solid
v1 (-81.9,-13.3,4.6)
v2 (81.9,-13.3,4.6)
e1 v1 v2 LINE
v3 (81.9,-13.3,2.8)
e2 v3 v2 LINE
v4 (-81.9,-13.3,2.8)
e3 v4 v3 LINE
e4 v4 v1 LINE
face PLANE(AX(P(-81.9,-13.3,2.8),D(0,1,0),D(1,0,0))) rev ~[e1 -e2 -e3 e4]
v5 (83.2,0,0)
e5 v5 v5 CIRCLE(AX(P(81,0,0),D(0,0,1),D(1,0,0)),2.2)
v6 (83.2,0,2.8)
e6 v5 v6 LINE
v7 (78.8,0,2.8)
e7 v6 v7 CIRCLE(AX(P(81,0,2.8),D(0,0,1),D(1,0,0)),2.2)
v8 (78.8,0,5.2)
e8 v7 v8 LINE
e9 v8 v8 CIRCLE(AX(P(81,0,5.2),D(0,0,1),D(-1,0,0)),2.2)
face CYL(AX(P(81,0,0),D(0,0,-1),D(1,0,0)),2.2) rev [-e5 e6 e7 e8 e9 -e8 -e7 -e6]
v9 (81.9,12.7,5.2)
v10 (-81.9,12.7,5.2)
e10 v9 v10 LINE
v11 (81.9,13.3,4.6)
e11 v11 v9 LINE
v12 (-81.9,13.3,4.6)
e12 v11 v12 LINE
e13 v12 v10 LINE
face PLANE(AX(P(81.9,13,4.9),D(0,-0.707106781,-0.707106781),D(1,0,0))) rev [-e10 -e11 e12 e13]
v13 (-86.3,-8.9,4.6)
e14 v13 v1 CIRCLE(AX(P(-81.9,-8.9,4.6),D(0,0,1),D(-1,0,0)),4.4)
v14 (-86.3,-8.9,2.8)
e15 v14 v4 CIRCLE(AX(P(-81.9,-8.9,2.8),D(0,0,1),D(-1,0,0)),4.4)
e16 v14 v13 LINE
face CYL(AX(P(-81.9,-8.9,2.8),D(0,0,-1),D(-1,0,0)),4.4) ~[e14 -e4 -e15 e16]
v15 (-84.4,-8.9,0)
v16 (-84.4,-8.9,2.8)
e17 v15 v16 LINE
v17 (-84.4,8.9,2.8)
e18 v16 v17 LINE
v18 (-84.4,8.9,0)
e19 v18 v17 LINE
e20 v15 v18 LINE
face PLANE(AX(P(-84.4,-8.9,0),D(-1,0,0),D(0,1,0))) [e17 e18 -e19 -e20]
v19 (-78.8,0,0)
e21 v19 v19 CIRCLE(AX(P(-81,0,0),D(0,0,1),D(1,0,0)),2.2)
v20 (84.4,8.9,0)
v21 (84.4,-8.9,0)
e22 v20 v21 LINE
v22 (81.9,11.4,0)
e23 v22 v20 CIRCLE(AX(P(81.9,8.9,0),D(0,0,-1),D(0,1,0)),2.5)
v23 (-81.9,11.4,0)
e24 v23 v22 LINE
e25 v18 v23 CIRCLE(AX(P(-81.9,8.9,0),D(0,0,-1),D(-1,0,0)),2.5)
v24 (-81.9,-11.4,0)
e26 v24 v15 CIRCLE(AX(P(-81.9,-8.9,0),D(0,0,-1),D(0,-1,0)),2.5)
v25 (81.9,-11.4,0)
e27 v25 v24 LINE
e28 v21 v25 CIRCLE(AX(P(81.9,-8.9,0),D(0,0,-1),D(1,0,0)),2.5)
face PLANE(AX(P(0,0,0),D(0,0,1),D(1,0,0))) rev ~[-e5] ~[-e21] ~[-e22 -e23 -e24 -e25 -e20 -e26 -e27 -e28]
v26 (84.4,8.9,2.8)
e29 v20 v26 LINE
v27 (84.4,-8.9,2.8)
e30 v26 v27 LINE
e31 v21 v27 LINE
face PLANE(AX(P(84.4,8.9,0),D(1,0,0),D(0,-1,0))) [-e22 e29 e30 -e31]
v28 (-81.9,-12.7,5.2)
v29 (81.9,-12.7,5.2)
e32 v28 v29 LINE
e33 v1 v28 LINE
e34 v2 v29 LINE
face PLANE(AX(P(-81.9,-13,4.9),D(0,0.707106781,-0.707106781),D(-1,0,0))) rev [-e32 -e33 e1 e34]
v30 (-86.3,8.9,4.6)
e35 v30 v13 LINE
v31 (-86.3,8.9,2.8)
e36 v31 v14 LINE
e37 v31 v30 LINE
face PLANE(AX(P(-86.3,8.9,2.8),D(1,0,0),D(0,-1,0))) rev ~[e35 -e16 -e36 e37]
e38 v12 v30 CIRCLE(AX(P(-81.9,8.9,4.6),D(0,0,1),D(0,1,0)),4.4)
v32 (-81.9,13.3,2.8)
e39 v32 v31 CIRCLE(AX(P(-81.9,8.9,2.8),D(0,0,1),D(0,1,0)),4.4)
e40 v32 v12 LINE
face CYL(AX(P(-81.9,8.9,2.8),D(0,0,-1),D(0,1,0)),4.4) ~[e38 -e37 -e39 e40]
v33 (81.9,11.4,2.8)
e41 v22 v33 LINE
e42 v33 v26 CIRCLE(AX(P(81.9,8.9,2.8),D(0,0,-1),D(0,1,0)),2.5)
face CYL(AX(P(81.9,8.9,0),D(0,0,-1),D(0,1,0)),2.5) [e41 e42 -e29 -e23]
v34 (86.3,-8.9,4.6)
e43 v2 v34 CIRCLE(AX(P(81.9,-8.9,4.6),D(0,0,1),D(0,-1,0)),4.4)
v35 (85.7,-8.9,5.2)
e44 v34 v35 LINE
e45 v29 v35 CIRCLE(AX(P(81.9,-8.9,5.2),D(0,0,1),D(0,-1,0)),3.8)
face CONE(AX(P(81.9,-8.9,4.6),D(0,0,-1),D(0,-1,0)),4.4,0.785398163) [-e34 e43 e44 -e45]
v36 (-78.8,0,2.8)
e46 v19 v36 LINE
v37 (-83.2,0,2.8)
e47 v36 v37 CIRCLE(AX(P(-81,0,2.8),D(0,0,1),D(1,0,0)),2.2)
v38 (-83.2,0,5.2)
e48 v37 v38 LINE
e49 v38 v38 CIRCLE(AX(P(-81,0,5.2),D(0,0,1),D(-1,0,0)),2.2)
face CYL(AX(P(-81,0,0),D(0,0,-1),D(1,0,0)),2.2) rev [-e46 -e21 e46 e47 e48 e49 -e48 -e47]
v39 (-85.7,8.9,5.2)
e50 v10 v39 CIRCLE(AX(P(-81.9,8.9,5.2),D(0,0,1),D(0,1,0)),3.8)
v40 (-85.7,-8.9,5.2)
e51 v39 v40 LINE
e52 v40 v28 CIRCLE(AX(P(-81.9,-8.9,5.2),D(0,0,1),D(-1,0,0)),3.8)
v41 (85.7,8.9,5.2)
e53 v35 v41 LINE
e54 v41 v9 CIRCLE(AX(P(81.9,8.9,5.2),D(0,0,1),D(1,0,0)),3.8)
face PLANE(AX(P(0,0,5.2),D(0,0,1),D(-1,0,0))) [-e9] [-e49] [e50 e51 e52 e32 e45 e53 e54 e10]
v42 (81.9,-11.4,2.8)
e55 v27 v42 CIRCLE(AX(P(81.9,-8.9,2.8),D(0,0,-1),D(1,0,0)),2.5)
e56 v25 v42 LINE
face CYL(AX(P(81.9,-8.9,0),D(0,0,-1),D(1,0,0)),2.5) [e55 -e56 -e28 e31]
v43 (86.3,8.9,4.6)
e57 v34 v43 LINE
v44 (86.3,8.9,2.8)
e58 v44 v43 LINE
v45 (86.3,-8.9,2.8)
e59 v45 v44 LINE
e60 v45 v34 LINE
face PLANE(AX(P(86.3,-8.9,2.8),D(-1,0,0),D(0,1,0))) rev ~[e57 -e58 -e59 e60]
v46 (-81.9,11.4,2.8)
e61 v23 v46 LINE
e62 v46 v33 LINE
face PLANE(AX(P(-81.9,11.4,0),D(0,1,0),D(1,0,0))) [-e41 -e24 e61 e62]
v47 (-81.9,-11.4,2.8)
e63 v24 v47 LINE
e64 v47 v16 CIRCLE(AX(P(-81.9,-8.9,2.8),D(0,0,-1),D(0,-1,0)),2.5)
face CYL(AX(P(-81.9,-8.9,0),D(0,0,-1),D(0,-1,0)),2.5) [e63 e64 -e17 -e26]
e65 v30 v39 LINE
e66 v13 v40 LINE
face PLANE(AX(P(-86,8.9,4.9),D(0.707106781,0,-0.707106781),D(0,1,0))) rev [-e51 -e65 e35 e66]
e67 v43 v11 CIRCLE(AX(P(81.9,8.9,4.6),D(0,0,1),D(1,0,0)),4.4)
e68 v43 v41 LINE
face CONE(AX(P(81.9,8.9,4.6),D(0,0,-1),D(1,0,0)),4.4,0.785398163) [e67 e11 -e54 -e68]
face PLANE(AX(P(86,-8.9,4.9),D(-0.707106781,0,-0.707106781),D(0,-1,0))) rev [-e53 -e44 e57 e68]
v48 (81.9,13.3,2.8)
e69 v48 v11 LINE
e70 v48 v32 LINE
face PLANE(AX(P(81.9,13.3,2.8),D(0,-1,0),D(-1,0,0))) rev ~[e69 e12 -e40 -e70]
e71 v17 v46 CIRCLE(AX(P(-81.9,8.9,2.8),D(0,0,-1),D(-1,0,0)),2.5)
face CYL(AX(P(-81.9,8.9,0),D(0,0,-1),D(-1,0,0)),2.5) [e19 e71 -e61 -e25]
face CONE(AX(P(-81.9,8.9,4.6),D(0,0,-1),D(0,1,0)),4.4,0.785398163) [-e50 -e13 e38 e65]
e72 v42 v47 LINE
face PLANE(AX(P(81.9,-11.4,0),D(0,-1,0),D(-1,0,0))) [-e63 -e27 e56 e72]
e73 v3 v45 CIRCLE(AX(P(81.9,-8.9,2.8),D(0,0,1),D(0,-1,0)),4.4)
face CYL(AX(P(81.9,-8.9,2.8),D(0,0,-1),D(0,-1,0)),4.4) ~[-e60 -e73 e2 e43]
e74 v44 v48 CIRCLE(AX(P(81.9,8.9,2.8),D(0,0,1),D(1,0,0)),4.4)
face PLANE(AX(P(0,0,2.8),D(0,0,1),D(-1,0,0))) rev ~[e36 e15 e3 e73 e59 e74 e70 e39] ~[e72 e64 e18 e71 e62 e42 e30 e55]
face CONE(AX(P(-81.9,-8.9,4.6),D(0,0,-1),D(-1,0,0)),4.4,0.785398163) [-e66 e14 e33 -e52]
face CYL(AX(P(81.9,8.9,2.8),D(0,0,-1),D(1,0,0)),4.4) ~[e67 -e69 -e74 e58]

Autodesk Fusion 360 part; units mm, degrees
sketch "Sketch1" plane through (0, 0, 0) normal (0, 0, 1) x (1, 0, 0)
  line L0 (-84.9, 11.9) -> (84.9, 11.9)
  line L1 (84.9, 11.9) -> (84.9, -11.9)
  line L2 (84.9, -11.9) -> (-84.9, -11.9)
  line L3 (-84.9, -11.9) -> (-84.9, 11.9)
  circle A0 centre (-81.9, 8.9) radius 3
  circle A1 centre (-81.9, -8.9) radius 3
  circle A2 centre (81.9, 8.9) radius 3
  circle A3 centre (81.9, -8.9) radius 3
  line L4 (-107.1873, 0) -> (-105, 0)
  line L5 (-105, 0) -> (105, 0) construction
  circle A4 centre (-81, 0) radius 2.2
  circle A5 centre (81, 0) radius 2.2
  dimension "d21" = 169.8
  dimension "d22" = 84.9
  dimension "d23" = 23.8
  dimension "d24" = 11.9
  dimension "d25" = 6
  dimension "d26" = 6
  dimension "d27" = 6
  dimension "d28" = 6
  dimension "d29" = 210
  dimension "d30" = 4.4
  dimension "d31" = 4.4
  dimension "d32" = 3.9
  dimension "d33" = 3.9
extrude "Extrude1" add sketch "Sketch1" along normal blind 2.8 contours L0 L1 L2 L3 A0 A1 A2 A3 | A0 | A2 | A1 | A3
sketch "Sketch2" plane through (0, 0, 2.8) normal (0, 0, 1) x (-1, 0, 0)
  circle A0 centre (81, 0) radius 2.2
  circle A1 centre (-81, 0) radius 2.2
  arc A2 (81.9, -11.9) -> (84.9, -8.9) centre (81.9, -8.9) ccw
  line L0 (84.9, -8.9) -> (84.9, 8.9)
  arc A3 (84.9, 8.9) -> (81.9, 11.9) centre (81.9, 8.9) ccw
  line L1 (81.9, 11.9) -> (-81.9, 11.9)
  arc A4 (-81.9, 11.9) -> (-84.9, 8.9) centre (-81.9, 8.9) ccw
  line L2 (-84.9, 8.9) -> (-84.9, -8.9)
  arc A5 (-84.9, -8.9) -> (-81.9, -11.9) centre (-81.9, -8.9) ccw
  line L3 (-81.9, -11.9) -> (81.9, -11.9)
  line L4 (-81.9, -13.3) -> (81.9, -13.3)
  arc A6 (81.9, -13.3) -> (86.3, -8.9) centre (81.9, -8.9) ccw
  line L5 (86.3, -8.9) -> (86.3, 8.9)
  arc A7 (86.3, 8.9) -> (81.9, 13.3) centre (81.9, 8.9) ccw
  line L6 (81.9, 13.3) -> (-81.9, 13.3)
  arc A8 (-81.9, 13.3) -> (-86.3, 8.9) centre (-81.9, 8.9) ccw
  line L7 (-86.3, 8.9) -> (-86.3, -8.9)
  arc A9 (-86.3, -8.9) -> (-81.9, -13.3) centre (-81.9, -8.9) ccw
  dimension "d36" = 1.4
extrude "Extrude2" add sketch "Sketch2" along normal blind 2.4 contours A2 L0 A3 L1 A4 L2 A5 L3 | L4 A6 L5 A7 L6 A8 L7 A9
chamfer "Chamfer1" distance 0.6 angle 45 8 edges at (86.3, 0, 5.2) (85.0113, 12.0113, 5.2) (0, 13.3, 5.2) (-85.0113, 12.0113, 5.2) (-86.3, 0, 5.2) (-85.0113, -12.0113, 5.2) (0, -13.3, 5.2) (85.0113, -12.0113, 5.2)
sketch "Sketch4" plane through (-1.7827, -2.3697, 0) normal (0, 0, -1) x (1, 0, 0)
  circle A0 centre (-79.2173, -2.3697) radius 2.2
  circle A1 centre (82.7827, -2.3697) radius 2.2
  arc A2 (-83.1173, -11.2697) -> (-80.1173, -14.2697) centre (-80.1173, -11.2697) ccw
  line L0 (-80.1173, -14.2697) -> (83.6827, -14.2697)
  arc A3 (83.6827, -14.2697) -> (86.6827, -11.2697) centre (83.6827, -11.2697) ccw
  line L1 (86.6827, -11.2697) -> (86.6827, 6.5303)
  arc A4 (86.6827, 6.5303) -> (83.6827, 9.5303) centre (83.6827, 6.5303) ccw
  line L2 (83.6827, 9.5303) -> (-80.1173, 9.5303)
  arc A5 (-80.1173, 9.5303) -> (-83.1173, 6.5303) centre (-80.1173, 6.5303) ccw
  line L3 (-83.1173, 6.5303) -> (-83.1173, -11.2697)
  line L4 (-82.6173, 6.5303) -> (-82.6173, -11.2697)
  arc A6 (-82.6173, -11.2697) -> (-80.1173, -13.7697) centre (-80.1173, -11.2697) ccw
  line L5 (-80.1173, -13.7697) -> (83.6827, -13.7697)
  arc A7 (83.6827, -13.7697) -> (86.1827, -11.2697) centre (83.6827, -11.2697) ccw
  line L6 (86.1827, -11.2697) -> (86.1827, 6.5303)
  arc A8 (86.1827, 6.5303) -> (83.6827, 9.0303) centre (83.6827, 6.5303) ccw
  line L7 (83.6827, 9.0303) -> (-80.1173, 9.0303)
  arc A9 (-80.1173, 9.0303) -> (-82.6173, 6.5303) centre (-80.1173, 6.5303) ccw
  dimension "d44" = -0.5
extrude "Extrude4" cut sketch "Sketch4" against normal up to surface (2.8 mm away) contours A2 L0 A3 L1 A4 L2 A5 L3
equation "d22 = d21 / 2"
equation "d24 = d23 / 2"
equation "d26 = d25"
equation "d27 = d25"
equation "d28 = d25"
equation "d33 = d32"
